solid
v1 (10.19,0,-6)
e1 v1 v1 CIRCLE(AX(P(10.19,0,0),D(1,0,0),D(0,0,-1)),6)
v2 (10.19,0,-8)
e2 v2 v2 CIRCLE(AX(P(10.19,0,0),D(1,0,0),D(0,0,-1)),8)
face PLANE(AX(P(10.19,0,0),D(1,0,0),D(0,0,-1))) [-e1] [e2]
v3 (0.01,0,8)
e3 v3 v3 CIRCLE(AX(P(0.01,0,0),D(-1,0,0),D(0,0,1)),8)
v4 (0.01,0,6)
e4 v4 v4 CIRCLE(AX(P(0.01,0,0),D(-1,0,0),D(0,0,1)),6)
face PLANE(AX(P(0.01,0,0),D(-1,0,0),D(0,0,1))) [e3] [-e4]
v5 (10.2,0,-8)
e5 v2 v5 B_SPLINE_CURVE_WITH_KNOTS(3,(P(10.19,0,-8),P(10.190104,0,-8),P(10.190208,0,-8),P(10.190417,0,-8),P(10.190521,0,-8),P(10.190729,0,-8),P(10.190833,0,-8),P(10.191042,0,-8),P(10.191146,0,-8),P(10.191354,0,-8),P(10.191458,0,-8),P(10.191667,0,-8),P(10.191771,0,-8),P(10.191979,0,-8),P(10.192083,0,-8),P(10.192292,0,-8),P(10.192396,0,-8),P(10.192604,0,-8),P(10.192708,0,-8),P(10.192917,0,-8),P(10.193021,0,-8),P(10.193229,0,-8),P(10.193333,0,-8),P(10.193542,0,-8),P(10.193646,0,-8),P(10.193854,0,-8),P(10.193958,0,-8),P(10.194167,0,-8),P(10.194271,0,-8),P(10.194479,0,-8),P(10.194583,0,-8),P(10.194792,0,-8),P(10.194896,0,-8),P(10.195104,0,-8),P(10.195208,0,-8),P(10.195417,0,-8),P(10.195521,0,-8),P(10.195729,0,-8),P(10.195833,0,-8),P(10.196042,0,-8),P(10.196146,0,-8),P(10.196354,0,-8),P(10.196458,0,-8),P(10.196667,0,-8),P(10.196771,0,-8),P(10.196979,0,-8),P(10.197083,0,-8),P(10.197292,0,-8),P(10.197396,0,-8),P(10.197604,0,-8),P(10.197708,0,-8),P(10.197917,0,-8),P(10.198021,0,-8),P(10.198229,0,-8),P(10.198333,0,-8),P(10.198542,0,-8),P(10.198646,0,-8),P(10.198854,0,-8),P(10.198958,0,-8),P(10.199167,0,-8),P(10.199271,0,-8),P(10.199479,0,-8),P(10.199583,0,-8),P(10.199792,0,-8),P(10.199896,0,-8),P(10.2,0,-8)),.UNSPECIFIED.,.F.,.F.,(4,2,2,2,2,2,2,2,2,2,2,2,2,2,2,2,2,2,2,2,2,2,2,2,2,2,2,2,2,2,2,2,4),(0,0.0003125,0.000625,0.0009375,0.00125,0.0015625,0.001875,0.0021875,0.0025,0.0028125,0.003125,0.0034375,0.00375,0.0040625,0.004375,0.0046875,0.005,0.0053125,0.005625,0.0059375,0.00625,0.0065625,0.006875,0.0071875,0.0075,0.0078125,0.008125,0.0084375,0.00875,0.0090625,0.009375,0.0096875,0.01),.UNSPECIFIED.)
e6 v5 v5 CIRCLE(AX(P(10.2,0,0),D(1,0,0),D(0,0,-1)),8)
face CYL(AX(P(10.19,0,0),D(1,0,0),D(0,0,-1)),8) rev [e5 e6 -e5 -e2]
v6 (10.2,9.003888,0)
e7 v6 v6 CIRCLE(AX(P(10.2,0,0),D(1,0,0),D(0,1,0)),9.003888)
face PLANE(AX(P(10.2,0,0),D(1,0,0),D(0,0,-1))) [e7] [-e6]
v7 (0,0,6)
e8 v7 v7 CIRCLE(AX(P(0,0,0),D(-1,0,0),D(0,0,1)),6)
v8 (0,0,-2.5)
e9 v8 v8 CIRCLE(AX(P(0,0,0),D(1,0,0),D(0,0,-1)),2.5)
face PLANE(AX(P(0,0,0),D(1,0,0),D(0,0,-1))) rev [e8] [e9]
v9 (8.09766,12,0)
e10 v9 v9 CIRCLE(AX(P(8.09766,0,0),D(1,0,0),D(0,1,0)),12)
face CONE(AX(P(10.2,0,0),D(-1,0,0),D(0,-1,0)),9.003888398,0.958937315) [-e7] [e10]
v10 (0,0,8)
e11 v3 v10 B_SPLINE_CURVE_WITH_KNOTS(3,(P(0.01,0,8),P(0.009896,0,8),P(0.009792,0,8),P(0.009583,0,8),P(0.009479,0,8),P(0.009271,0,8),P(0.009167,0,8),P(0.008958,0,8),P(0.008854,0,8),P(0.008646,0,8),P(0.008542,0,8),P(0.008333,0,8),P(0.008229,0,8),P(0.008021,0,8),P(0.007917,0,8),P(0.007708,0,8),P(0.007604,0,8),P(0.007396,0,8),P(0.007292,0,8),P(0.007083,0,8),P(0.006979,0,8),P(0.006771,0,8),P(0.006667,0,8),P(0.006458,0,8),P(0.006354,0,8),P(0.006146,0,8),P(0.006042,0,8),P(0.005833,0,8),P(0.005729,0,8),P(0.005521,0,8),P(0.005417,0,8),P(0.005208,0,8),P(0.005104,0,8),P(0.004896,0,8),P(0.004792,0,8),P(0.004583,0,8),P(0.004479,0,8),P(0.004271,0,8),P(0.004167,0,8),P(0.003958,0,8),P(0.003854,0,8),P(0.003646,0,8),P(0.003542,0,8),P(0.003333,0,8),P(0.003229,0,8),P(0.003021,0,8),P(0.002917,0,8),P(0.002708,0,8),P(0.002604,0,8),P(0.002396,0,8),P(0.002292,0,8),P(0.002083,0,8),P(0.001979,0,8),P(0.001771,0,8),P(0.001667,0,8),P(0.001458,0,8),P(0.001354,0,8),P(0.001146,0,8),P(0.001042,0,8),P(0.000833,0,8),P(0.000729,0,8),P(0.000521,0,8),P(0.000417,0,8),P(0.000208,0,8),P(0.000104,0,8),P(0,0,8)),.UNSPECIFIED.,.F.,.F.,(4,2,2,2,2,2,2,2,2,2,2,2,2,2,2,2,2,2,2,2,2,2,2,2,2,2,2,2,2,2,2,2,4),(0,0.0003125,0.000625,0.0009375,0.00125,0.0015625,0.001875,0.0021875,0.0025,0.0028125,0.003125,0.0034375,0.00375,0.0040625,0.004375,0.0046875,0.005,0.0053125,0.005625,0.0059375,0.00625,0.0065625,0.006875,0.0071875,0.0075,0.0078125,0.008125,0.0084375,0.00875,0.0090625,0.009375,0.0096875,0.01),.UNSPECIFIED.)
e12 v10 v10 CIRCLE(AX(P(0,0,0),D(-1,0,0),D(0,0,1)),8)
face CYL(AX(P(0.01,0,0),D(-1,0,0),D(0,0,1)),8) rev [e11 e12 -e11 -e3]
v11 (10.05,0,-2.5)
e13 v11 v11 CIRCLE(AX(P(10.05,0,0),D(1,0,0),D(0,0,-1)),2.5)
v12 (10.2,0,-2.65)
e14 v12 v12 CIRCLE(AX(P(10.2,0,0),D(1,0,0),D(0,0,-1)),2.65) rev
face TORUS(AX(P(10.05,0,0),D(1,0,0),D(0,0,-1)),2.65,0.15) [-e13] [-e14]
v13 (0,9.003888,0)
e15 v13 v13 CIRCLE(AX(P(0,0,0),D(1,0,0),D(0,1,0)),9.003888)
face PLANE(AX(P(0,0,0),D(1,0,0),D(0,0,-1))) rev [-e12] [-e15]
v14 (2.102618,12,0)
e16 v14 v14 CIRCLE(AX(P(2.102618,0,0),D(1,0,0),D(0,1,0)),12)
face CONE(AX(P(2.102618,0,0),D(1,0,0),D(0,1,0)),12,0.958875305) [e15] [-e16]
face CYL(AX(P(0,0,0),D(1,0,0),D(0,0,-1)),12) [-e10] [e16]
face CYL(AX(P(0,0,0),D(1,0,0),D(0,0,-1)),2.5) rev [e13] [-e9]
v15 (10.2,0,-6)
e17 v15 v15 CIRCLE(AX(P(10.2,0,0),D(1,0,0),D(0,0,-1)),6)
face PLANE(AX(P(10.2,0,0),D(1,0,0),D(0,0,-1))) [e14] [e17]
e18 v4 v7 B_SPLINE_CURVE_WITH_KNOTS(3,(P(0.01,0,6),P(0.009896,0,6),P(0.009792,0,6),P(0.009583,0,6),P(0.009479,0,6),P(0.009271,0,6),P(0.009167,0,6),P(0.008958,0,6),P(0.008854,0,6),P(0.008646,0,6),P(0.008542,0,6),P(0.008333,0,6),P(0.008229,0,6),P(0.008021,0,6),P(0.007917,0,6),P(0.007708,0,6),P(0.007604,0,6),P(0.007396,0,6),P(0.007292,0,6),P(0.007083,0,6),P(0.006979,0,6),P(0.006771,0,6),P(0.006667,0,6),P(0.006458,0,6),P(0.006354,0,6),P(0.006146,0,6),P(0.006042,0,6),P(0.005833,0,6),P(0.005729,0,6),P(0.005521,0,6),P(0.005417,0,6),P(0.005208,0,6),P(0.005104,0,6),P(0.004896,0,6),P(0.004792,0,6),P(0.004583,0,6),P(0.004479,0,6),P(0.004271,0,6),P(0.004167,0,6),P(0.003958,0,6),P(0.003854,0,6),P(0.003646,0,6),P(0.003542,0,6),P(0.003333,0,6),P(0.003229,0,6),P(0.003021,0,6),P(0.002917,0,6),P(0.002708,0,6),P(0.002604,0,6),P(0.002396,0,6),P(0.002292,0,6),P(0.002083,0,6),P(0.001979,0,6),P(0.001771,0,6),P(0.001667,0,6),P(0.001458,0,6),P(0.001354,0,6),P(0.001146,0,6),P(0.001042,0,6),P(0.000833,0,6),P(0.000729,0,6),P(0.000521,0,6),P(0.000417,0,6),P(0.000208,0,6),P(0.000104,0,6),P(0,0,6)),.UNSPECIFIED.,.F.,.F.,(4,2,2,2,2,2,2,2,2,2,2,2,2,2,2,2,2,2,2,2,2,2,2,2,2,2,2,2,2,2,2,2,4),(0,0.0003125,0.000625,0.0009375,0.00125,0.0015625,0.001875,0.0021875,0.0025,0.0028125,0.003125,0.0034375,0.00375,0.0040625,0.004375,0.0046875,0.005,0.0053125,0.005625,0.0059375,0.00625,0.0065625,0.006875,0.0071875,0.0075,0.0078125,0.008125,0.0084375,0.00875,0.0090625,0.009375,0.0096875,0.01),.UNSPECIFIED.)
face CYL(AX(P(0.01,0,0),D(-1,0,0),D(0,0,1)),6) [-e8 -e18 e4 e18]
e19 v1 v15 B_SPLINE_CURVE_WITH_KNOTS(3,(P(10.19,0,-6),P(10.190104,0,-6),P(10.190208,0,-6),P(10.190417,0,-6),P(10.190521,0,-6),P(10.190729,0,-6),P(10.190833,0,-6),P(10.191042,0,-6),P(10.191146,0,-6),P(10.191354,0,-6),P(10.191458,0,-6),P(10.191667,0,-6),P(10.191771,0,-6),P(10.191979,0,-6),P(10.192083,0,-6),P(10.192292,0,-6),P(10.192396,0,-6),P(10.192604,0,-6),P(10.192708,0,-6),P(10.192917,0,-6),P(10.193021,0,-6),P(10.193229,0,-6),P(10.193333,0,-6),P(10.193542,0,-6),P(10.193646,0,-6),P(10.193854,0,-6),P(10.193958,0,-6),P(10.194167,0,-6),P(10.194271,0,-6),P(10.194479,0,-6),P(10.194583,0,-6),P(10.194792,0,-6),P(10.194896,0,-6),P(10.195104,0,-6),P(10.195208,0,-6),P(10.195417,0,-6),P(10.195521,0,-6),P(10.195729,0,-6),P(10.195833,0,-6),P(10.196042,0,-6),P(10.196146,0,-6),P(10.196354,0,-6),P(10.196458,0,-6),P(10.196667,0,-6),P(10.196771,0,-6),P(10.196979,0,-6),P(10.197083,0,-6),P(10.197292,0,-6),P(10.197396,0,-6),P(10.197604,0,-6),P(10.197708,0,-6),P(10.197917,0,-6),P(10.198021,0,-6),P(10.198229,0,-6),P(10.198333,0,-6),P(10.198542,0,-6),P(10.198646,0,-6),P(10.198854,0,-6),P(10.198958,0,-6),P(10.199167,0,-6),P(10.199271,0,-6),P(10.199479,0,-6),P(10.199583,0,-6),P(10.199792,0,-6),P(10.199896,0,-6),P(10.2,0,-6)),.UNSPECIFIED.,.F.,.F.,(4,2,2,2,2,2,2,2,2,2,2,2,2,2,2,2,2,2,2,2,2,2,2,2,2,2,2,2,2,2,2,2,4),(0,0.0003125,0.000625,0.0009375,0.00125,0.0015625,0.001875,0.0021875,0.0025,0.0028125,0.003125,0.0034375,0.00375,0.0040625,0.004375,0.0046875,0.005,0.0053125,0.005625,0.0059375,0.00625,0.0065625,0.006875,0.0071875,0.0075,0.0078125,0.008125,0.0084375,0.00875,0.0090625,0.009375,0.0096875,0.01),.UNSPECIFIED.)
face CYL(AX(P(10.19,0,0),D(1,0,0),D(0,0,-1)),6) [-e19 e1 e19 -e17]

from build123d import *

# Parameters (mm, degrees)
BOSS_EXTRU_2_DEPTH      = 5.1
BOSS_EXTRU_2_DEPTH_BACK = 5.1
ESQUISSE9_R             = 12
ESQUISSE10_R            = 2.5
ENL_V_MAT_EXTRU_3_DEPTH = 20.8
CONG_1_R                = 0.15
ESQUISSE13_R            = 8
ESQUISSE13_R_2          = 6
ENL_V_MAT_EXTRU_4_DEPTH = 0.01
ENL_V_START             = -0.01
ESQUISSE14_R            = 8
ESQUISSE14_R_2          = 6
ENL_V_MAT_EXTRU_5_DEPTH = 0.01


with BuildPart() as part:
    # Esquisse9 → Boss.-Extru.2 (new, two sides: drawn at the far end of the back side and taken through both)
    with BuildSketch(Plane(origin=(5.1, 0, 0), x_dir=(0, 0, -1), z_dir=(1, 0, 0)).offset(-BOSS_EXTRU_2_DEPTH_BACK)):
        Circle(ESQUISSE9_R)
    extrude(amount=BOSS_EXTRU_2_DEPTH + BOSS_EXTRU_2_DEPTH_BACK)

    # Esquisse10 → Enlèv. mat.-Extru.3 (cut, through all)
    with BuildSketch(Plane(origin=(10.2, 0, 0), x_dir=(0, 0, -1), z_dir=(1, 0, 0))):
        Circle(ESQUISSE10_R)
    extrude(amount=-ENL_V_MAT_EXTRU_3_DEPTH, mode=Mode.SUBTRACT)

    # Esquisse11 → Enlèvement de matière-Révolution1 (revolve, cut)
    with BuildSketch(Plane.XY):
        Polygon((0, -9.003888398), (2.102617573, -12), (8.097659703, -12), (10.2, -9.003888398), (10.2, -12), (7.948691549, -12.31078505), (2.020448567, -12.31078505), (0, -12), align=None)
        Polygon((10.2, 12), (7.948691549, 12.31078505), (2.020448567, 12.31078505), (0, 12), (0, 9.003888398), (2.102617573, 12), (8.097659703, 12), (10.2, 9.003888398), align=None)
    revolve(axis=Axis((10.2, 0, 0), (-1, 0, 0)), mode=Mode.SUBTRACT)

    # Congé1
    cong_1_edges = [part.edges().sort_by_distance(p)[0] for p in [
        (10.2, 0, 2.5),
    ]]
    fillet(cong_1_edges, radius=CONG_1_R)

    # Esquisse13 → Enlèv. mat.-Extru.4 (cut)
    with BuildSketch(Plane(origin=(10.2, 0, 0), x_dir=(0, 0, -1), z_dir=(1, 0, 0))):
        Circle(ESQUISSE13_R)
        Circle(ESQUISSE13_R_2, mode=Mode.SUBTRACT)
    extrude(amount=-ENL_V_MAT_EXTRU_4_DEPTH, mode=Mode.SUBTRACT)

    # Esquisse14 → Enlèv. mat.-Extru.5 (cut)
    with BuildSketch(Plane.ZY.offset(ENL_V_START)):
        Circle(ESQUISSE14_R)
        Circle(ESQUISSE14_R_2, mode=Mode.SUBTRACT)
    extrude(amount=ENL_V_MAT_EXTRU_5_DEPTH, mode=Mode.SUBTRACT)


solid = part.part
